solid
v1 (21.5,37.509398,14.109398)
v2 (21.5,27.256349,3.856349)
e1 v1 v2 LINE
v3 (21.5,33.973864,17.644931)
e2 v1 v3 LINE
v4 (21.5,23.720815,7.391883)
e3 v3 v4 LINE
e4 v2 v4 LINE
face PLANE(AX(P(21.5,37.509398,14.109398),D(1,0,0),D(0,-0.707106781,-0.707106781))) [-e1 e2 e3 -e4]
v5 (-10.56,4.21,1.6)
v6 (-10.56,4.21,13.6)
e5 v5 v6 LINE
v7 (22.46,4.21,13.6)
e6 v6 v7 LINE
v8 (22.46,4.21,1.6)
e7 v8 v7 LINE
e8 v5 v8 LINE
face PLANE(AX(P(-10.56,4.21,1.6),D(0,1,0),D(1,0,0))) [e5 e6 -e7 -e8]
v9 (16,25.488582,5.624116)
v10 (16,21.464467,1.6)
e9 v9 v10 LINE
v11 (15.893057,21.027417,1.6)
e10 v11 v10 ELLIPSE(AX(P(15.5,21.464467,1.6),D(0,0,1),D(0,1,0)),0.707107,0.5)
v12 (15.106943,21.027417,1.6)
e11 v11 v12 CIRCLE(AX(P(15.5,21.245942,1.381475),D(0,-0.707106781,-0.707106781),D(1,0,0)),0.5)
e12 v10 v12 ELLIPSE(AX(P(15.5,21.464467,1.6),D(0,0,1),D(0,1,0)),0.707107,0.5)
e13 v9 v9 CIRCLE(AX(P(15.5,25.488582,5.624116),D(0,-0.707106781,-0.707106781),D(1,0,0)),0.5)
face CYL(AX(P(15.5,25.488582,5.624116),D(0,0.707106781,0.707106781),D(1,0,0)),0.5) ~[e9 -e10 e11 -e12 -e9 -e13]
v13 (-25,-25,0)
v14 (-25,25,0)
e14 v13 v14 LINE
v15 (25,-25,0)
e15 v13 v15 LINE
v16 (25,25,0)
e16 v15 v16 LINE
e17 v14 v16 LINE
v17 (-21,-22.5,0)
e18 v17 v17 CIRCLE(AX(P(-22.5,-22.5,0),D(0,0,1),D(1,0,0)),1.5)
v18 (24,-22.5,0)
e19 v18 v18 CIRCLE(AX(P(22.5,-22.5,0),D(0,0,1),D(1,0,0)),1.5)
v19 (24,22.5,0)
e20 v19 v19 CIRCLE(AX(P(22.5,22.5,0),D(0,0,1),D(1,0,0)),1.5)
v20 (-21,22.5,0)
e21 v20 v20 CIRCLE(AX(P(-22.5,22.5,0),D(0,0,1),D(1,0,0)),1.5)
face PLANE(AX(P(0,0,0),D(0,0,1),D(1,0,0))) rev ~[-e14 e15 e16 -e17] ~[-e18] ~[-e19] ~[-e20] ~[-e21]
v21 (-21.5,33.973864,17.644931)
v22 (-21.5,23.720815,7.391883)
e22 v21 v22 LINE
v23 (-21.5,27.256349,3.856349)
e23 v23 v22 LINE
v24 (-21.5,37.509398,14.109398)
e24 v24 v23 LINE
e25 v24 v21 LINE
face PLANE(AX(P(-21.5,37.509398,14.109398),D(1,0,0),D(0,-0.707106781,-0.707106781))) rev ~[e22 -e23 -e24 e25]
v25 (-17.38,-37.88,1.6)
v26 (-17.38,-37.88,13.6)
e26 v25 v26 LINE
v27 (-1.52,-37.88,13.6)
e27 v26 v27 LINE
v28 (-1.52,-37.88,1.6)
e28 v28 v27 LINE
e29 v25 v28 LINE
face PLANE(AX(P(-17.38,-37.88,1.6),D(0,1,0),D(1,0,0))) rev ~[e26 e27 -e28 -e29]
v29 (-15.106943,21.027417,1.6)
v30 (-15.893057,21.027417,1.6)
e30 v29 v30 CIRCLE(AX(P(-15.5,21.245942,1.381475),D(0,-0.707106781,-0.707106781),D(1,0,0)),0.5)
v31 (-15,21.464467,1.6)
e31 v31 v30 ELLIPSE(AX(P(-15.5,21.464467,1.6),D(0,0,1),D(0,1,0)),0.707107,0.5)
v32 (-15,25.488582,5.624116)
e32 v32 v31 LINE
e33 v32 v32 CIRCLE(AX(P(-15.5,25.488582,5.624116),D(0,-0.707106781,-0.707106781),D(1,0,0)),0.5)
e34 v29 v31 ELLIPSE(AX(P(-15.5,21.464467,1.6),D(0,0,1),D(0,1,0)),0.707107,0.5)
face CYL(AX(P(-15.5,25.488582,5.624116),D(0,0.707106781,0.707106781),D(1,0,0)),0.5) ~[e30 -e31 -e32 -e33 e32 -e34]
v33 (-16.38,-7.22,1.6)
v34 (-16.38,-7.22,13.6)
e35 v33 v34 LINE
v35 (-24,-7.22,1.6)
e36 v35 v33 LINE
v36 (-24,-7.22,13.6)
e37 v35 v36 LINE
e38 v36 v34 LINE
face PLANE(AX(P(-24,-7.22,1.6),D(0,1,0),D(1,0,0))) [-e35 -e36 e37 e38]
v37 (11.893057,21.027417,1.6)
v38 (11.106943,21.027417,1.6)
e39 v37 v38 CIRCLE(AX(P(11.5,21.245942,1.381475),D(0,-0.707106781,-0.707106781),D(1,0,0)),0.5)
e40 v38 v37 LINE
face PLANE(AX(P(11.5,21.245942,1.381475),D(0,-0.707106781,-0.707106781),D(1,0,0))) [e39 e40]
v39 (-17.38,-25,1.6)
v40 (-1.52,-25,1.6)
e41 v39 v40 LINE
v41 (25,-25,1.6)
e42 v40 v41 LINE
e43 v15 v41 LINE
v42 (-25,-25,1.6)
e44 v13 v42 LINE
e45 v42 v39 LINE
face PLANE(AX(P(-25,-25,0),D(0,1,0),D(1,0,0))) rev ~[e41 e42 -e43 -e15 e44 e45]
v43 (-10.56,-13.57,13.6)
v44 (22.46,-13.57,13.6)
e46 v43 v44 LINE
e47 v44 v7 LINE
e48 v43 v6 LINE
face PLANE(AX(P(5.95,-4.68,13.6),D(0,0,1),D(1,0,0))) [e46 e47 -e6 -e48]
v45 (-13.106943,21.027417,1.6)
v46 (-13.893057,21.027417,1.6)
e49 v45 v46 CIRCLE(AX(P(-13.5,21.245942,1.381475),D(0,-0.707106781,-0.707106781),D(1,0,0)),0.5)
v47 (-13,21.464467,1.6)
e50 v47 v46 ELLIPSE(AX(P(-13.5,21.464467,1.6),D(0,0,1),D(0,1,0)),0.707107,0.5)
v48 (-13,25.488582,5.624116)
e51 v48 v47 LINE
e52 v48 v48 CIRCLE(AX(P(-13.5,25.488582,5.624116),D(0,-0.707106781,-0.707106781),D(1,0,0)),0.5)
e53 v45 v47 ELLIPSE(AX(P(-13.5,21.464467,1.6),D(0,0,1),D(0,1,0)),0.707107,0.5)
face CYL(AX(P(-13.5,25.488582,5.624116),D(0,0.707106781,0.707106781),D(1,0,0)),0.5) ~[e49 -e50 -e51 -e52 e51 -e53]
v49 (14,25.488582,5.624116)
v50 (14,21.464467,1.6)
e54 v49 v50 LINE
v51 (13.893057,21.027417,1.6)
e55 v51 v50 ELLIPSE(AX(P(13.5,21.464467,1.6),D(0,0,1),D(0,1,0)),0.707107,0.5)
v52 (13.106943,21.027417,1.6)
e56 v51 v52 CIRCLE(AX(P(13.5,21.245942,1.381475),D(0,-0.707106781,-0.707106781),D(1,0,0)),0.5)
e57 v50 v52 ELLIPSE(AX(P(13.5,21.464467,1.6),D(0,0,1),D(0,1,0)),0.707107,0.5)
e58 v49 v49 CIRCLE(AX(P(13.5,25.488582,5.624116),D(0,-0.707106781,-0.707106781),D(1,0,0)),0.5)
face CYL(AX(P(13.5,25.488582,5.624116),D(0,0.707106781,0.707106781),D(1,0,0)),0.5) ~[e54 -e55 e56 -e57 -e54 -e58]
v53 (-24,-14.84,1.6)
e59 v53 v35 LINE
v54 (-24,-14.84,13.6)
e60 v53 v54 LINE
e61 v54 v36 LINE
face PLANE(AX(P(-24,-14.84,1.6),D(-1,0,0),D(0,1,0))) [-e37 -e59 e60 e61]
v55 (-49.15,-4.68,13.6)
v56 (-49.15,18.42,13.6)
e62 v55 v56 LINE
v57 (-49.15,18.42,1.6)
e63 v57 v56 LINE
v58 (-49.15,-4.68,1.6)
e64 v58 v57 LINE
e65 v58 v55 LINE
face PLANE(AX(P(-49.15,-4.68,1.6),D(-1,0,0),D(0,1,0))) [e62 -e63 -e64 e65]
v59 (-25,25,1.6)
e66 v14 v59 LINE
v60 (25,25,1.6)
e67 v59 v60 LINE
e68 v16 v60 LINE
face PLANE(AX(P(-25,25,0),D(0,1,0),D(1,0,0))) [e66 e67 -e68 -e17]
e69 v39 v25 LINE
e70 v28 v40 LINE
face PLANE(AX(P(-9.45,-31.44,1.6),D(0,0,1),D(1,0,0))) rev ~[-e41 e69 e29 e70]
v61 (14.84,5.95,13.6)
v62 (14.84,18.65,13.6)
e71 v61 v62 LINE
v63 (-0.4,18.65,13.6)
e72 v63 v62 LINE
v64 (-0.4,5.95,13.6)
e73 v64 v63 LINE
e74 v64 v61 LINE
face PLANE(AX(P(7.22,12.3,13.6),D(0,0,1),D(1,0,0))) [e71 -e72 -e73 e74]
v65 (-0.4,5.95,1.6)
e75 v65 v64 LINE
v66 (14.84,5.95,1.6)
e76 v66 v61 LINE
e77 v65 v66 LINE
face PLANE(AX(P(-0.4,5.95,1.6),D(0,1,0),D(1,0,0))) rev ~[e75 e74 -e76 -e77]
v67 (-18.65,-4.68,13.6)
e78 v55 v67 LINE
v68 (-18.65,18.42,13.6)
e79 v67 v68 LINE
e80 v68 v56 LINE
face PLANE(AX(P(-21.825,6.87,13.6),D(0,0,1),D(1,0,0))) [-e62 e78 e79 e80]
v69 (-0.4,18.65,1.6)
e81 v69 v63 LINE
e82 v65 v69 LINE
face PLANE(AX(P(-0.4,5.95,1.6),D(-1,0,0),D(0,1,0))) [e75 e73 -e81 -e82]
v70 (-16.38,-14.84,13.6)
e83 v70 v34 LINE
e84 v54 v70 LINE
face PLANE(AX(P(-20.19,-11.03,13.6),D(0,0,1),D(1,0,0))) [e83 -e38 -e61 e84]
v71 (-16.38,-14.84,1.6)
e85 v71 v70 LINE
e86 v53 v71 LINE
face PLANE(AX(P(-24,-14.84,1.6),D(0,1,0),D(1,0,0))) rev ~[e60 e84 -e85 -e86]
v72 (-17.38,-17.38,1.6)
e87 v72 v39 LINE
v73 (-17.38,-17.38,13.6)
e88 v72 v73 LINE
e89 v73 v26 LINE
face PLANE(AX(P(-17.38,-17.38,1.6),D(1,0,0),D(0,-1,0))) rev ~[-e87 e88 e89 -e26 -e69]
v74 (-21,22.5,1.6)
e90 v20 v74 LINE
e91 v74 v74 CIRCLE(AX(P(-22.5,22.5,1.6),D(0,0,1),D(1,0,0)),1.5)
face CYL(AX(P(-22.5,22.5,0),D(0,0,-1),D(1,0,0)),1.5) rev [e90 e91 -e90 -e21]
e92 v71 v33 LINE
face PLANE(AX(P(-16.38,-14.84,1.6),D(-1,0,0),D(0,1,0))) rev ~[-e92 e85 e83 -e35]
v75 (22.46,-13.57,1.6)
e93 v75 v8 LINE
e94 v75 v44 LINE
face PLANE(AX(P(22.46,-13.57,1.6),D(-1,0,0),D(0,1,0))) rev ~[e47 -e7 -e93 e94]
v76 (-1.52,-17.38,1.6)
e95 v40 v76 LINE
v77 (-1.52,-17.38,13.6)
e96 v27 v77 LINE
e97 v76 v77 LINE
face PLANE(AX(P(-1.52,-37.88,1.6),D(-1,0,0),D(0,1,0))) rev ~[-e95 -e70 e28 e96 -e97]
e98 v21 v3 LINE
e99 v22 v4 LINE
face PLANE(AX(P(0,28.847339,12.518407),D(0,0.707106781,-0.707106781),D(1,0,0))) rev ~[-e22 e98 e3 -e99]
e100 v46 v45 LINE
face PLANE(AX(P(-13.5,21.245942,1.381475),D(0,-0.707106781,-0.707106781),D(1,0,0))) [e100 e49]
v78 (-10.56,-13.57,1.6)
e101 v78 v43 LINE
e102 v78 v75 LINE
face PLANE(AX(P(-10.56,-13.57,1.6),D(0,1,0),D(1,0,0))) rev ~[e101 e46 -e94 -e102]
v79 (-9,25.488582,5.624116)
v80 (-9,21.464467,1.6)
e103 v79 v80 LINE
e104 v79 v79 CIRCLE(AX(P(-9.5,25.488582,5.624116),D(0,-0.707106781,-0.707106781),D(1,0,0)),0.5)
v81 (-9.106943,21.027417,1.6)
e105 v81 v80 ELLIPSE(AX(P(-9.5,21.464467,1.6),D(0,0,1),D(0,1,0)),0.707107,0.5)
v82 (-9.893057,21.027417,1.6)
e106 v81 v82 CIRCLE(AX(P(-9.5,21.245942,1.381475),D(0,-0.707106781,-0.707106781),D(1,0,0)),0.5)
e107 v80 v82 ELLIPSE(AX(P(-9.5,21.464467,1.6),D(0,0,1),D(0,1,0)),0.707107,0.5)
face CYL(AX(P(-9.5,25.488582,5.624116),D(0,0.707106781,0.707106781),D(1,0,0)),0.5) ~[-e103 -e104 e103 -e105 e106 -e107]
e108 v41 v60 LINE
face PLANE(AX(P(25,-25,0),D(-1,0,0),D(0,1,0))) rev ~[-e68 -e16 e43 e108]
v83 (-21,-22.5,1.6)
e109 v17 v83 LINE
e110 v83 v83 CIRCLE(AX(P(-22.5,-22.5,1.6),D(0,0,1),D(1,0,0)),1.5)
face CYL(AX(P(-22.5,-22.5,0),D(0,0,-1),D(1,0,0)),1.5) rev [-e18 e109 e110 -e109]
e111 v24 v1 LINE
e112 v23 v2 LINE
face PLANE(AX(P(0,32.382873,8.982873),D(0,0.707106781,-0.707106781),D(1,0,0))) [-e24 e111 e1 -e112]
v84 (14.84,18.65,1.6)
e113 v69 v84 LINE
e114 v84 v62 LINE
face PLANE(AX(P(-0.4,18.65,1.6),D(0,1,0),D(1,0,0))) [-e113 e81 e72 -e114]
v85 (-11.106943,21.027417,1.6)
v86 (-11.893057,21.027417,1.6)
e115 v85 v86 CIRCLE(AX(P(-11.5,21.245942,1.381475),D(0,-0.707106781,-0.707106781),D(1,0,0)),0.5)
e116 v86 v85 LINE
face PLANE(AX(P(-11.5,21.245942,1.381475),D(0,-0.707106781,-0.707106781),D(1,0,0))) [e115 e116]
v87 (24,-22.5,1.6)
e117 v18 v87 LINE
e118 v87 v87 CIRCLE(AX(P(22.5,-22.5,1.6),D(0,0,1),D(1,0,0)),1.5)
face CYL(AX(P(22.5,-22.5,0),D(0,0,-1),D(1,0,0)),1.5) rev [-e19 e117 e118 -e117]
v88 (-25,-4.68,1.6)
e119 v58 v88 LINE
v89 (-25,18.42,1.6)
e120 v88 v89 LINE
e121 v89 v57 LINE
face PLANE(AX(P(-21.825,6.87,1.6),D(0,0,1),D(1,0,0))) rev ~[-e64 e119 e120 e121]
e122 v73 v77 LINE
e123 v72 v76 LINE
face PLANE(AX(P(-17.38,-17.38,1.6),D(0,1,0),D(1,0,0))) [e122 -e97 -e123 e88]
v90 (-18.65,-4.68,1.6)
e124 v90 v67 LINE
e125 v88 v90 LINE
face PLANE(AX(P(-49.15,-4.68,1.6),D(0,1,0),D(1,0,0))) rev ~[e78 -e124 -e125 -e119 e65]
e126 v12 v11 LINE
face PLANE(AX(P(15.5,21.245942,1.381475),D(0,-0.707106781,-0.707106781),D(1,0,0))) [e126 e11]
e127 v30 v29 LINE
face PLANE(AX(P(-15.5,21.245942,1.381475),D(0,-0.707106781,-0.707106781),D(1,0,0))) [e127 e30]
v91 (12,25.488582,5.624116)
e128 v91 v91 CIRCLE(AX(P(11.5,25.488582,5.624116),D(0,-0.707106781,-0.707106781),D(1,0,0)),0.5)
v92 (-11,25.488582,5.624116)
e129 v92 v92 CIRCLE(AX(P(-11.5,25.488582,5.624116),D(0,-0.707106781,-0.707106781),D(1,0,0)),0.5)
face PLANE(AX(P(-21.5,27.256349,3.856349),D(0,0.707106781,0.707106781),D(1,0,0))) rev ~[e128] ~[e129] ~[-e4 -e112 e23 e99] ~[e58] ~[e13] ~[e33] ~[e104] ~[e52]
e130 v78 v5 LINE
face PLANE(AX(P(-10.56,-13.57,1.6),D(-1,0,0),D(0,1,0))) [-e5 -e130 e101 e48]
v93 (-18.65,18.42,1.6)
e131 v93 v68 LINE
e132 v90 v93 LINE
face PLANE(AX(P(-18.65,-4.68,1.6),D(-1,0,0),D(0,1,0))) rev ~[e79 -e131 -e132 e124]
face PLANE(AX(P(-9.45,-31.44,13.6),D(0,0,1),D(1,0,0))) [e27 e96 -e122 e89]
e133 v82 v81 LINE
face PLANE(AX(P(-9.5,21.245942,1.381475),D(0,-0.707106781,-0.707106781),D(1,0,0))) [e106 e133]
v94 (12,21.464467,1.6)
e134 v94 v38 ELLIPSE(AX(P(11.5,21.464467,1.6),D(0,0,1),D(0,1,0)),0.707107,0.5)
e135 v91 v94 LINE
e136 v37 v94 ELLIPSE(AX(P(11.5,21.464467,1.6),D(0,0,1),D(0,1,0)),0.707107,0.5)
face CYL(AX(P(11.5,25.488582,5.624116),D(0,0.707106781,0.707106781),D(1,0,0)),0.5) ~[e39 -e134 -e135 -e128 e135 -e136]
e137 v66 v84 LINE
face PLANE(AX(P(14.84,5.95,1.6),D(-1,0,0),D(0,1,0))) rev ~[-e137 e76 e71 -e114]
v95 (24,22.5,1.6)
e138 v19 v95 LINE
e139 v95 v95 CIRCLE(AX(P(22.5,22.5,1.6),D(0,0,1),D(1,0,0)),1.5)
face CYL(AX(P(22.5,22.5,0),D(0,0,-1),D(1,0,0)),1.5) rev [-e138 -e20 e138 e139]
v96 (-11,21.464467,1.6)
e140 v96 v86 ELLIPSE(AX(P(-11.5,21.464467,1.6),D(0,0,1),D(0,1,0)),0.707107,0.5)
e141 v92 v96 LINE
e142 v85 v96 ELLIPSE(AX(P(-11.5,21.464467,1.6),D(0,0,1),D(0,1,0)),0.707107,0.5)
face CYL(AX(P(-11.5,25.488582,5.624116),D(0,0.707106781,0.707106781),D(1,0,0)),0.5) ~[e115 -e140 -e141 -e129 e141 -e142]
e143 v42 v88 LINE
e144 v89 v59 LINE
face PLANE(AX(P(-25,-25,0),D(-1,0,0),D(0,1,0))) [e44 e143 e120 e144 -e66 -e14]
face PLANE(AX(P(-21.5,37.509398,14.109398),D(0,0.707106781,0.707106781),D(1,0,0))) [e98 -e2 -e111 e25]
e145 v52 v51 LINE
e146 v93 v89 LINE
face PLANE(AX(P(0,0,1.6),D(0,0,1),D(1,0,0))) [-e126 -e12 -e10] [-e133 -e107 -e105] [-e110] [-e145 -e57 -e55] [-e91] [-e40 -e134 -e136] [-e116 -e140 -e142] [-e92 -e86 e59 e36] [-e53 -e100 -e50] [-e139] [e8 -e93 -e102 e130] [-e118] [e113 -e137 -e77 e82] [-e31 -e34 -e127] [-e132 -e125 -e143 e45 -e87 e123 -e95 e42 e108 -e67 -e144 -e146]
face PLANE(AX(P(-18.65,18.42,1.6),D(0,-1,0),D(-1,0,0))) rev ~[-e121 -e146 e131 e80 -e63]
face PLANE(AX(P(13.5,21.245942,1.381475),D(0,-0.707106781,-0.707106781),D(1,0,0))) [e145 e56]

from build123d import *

# Parameters (mm, degrees)
F0_W     = 50
F0_H     = 50
F0_R     = 1.5
F1_DEPTH = 1.6
F2_W     = 33.02
F2_H     = 17.78
F2_W_2   = 15.24
F2_H_2   = 12.7
F2_W_3   = 6.35
F2_H_3   = 23.1
F2_W_4   = 24.15
F2_W_5   = 7.62
F2_H_4   = 7.62
F2_W_6   = 15.86
F2_H_5   = 12.88
F3_DEPTH = 12
F5_W     = 43
F5_H     = 14.5
F6_DEPTH = 5
F7_R     = 0.5
F8_DEPTH = 6


with BuildPart() as f1:
    # F0 (on Top) → F1 (new body)
    with BuildSketch(Plane.XY):
        Rectangle(F0_W, F0_H)
        with Locations((-22.5, -22.5)):
            Circle(F0_R, mode=Mode.SUBTRACT)
        with Locations((22.5, -22.5)):
            Circle(F0_R, mode=Mode.SUBTRACT)
        with Locations((-22.5, 22.5)):
            Circle(F0_R, mode=Mode.SUBTRACT)
        with Locations((22.5, 22.5)):
            Circle(F0_R, mode=Mode.SUBTRACT)
    extrude(amount=F1_DEPTH)

    # F2 (on face) → F3 (join)
    with BuildSketch(Plane.XY.offset(1.6)):
        with Locations((5.95, -4.68)):
            Rectangle(F2_W, F2_H)
        with Locations((7.22, 12.3)):
            Rectangle(F2_W_2, F2_H_2)
        with Locations((-21.825, 6.87)):
            Rectangle(F2_W_3, F2_H_3)
        with Locations((-37.075, 6.87)):
            Rectangle(F2_W_4, F2_H_3)
        with Locations((-20.19, -11.03)):
            Rectangle(F2_W_5, F2_H_4)
        with Locations((-9.45, -31.44)):
            Rectangle(F2_W_6, F2_H_5)
        with Locations((-9.45, -21.19)):
            Rectangle(F2_W_6, F2_H_4)
    extrude(amount=F3_DEPTH)



with BuildPart() as f6:
    # F5 (on face) → F6 (new body)
    with BuildSketch(Plane(origin=(0, 11.7, -11.7), x_dir=(1, 0, 0), z_dir=(0, 0.707107, -0.707107))):
        with Locations((0, -29.25)):
            Rectangle(F5_W, F5_H)
    extrude(amount=-F6_DEPTH)


with BuildPart() as f1_1:
    add(f1.part)

    add(f6.part)  # F8 merges F6
    # F7 (on face) → F8 (join)
    with BuildSketch(Plane(origin=(0, 15.556349, 15.556349), x_dir=(1, 0, 0), z_dir=(0, -0.707107, -0.707107))):
        with Locations((15.5, -14.046299)):
            Circle(F7_R)
        with Locations((13.5, -14.046299)):
            Circle(F7_R)
        with Locations((11.5, -14.046299)):
            Circle(F7_R)
        with Locations((-15.5, -14.046299)):
            Circle(F7_R)
        with Locations((-13.5, -14.046299)):
            Circle(F7_R)
        with Locations((-11.5, -14.046299)):
            Circle(F7_R)
        with Locations((-9.5, -14.046299)):
            Circle(F7_R)
    extrude(amount=F8_DEPTH)


solid = f1_1.part
